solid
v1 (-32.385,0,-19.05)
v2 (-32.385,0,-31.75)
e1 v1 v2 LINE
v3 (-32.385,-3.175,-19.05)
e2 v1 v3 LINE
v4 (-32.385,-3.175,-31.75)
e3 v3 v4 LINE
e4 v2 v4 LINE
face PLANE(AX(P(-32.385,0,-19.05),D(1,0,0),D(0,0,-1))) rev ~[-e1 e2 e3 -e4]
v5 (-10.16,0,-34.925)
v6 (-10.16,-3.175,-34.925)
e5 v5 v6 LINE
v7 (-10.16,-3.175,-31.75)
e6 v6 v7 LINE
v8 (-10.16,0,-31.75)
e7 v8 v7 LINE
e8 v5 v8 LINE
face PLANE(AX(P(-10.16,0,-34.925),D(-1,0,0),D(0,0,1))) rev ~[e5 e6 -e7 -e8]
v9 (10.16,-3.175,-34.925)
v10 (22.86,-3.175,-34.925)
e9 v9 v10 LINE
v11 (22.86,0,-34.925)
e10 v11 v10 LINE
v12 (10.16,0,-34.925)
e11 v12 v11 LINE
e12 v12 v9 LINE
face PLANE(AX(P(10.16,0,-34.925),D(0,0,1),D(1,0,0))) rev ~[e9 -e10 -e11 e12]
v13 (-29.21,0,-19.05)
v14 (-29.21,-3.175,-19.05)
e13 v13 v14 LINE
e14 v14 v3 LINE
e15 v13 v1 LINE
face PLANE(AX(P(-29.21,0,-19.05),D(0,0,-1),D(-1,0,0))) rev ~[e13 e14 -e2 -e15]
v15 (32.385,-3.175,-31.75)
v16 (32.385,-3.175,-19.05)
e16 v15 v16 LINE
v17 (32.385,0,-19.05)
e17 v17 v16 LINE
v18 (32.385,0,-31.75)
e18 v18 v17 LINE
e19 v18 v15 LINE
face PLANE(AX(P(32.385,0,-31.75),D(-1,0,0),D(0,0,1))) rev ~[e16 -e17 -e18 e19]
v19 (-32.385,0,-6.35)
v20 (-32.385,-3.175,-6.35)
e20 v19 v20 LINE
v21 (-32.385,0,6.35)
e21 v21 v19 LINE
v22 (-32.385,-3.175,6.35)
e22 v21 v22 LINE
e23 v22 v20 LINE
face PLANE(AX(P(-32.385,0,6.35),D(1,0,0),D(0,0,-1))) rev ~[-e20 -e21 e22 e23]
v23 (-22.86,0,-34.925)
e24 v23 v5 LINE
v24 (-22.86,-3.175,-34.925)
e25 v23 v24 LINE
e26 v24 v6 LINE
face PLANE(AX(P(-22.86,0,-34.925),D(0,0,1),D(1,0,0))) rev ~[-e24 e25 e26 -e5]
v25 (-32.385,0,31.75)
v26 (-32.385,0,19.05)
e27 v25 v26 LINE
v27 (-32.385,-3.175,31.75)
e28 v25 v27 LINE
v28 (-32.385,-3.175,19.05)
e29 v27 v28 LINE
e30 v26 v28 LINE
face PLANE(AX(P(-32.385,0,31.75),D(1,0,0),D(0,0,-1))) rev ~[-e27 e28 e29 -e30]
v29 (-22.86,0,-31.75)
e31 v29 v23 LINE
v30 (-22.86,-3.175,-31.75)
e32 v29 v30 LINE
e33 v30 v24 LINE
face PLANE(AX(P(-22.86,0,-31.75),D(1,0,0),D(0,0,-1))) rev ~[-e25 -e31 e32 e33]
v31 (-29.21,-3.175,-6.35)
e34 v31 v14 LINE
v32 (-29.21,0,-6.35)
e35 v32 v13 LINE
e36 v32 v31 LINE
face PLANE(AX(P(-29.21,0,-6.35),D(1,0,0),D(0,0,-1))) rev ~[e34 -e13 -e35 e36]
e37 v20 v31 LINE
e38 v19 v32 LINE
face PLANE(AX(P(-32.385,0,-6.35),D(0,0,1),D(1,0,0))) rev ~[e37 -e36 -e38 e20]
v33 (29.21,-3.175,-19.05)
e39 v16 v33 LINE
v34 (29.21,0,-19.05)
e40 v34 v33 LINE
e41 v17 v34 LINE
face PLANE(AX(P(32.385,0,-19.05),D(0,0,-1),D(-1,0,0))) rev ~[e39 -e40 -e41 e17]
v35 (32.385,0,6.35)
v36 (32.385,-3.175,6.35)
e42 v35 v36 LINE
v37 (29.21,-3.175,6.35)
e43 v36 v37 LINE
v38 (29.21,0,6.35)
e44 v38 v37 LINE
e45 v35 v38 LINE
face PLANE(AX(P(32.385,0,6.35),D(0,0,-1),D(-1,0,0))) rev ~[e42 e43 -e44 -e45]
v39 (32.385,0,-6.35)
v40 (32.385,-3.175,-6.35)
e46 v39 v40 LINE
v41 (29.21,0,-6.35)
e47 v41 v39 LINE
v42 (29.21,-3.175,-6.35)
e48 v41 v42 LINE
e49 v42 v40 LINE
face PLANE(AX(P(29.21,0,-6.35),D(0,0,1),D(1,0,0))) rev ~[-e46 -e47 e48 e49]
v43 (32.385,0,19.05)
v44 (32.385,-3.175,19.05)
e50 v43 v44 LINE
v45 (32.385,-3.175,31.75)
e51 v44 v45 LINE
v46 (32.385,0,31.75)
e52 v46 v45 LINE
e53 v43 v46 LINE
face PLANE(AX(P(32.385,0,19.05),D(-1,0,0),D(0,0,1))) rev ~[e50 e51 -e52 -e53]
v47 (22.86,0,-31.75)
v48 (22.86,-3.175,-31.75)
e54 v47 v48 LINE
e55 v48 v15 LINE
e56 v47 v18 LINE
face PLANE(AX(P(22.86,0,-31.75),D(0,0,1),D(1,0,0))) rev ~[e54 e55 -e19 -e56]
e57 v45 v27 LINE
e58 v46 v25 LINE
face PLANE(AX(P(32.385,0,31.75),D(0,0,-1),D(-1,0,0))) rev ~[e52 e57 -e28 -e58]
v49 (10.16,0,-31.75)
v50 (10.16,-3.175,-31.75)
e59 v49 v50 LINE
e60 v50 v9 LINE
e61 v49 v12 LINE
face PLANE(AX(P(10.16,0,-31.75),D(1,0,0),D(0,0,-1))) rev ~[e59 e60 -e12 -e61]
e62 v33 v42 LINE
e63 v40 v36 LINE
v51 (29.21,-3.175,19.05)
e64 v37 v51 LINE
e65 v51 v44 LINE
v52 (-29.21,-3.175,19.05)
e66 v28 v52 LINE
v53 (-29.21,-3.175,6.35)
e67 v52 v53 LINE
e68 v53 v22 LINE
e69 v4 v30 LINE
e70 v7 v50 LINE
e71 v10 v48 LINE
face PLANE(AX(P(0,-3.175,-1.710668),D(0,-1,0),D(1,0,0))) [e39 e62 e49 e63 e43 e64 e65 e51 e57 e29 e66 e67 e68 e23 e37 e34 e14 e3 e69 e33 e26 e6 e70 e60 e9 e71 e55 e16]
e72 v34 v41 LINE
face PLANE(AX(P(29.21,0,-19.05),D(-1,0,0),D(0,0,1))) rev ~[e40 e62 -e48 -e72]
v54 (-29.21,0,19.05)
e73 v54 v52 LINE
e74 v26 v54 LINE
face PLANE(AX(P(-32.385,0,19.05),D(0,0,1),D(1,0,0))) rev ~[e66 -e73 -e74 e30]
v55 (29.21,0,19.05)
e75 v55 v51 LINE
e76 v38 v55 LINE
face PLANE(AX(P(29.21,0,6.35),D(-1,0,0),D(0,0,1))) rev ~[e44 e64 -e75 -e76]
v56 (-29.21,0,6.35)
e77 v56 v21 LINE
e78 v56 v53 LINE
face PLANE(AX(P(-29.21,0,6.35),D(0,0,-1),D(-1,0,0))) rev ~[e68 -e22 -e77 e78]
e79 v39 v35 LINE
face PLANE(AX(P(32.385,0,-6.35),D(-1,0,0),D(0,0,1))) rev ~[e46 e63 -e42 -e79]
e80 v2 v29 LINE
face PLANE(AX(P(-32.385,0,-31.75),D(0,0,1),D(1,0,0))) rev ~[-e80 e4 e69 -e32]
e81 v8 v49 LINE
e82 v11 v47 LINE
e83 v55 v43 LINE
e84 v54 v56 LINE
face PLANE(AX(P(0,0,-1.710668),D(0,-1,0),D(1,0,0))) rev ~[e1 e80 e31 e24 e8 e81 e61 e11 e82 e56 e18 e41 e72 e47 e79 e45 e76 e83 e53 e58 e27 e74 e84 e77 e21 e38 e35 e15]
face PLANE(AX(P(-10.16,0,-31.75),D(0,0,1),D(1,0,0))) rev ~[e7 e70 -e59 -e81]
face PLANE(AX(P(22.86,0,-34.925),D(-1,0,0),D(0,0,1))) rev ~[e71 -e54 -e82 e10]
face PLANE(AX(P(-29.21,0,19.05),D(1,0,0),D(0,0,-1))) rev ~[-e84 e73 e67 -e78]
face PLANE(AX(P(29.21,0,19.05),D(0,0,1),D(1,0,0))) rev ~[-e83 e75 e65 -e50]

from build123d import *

# Parameters (mm, degrees)
F1_DEPTH = 3.175


with BuildPart() as f1:
    # F0 (on Front) → F1 (new body)
    with BuildSketch(Plane.XZ):
        Polygon((22.86, -31.75), (32.385, -31.75), (32.385, -19.05), (29.21, -19.05), (29.21, -6.35), (32.385, -6.35), (32.385, 6.35), (29.21, 6.35), (29.21, 19.05), (32.385, 19.05), (32.385, 31.75), (-32.385, 31.75), (-32.385, 19.05), (-29.21, 19.05), (-29.21, 6.35), (-32.385, 6.35), (-32.385, -6.35), (-29.21, -6.35), (-29.21, -19.05), (-32.385, -19.05), (-32.385, -31.75), (-22.86, -31.75), (-22.86, -34.925), (-10.16, -34.925), (-10.16, -31.75), (10.16, -31.75), (10.16, -34.925), (22.86, -34.925), align=None)
    extrude(amount=F1_DEPTH)


solid = f1.part
